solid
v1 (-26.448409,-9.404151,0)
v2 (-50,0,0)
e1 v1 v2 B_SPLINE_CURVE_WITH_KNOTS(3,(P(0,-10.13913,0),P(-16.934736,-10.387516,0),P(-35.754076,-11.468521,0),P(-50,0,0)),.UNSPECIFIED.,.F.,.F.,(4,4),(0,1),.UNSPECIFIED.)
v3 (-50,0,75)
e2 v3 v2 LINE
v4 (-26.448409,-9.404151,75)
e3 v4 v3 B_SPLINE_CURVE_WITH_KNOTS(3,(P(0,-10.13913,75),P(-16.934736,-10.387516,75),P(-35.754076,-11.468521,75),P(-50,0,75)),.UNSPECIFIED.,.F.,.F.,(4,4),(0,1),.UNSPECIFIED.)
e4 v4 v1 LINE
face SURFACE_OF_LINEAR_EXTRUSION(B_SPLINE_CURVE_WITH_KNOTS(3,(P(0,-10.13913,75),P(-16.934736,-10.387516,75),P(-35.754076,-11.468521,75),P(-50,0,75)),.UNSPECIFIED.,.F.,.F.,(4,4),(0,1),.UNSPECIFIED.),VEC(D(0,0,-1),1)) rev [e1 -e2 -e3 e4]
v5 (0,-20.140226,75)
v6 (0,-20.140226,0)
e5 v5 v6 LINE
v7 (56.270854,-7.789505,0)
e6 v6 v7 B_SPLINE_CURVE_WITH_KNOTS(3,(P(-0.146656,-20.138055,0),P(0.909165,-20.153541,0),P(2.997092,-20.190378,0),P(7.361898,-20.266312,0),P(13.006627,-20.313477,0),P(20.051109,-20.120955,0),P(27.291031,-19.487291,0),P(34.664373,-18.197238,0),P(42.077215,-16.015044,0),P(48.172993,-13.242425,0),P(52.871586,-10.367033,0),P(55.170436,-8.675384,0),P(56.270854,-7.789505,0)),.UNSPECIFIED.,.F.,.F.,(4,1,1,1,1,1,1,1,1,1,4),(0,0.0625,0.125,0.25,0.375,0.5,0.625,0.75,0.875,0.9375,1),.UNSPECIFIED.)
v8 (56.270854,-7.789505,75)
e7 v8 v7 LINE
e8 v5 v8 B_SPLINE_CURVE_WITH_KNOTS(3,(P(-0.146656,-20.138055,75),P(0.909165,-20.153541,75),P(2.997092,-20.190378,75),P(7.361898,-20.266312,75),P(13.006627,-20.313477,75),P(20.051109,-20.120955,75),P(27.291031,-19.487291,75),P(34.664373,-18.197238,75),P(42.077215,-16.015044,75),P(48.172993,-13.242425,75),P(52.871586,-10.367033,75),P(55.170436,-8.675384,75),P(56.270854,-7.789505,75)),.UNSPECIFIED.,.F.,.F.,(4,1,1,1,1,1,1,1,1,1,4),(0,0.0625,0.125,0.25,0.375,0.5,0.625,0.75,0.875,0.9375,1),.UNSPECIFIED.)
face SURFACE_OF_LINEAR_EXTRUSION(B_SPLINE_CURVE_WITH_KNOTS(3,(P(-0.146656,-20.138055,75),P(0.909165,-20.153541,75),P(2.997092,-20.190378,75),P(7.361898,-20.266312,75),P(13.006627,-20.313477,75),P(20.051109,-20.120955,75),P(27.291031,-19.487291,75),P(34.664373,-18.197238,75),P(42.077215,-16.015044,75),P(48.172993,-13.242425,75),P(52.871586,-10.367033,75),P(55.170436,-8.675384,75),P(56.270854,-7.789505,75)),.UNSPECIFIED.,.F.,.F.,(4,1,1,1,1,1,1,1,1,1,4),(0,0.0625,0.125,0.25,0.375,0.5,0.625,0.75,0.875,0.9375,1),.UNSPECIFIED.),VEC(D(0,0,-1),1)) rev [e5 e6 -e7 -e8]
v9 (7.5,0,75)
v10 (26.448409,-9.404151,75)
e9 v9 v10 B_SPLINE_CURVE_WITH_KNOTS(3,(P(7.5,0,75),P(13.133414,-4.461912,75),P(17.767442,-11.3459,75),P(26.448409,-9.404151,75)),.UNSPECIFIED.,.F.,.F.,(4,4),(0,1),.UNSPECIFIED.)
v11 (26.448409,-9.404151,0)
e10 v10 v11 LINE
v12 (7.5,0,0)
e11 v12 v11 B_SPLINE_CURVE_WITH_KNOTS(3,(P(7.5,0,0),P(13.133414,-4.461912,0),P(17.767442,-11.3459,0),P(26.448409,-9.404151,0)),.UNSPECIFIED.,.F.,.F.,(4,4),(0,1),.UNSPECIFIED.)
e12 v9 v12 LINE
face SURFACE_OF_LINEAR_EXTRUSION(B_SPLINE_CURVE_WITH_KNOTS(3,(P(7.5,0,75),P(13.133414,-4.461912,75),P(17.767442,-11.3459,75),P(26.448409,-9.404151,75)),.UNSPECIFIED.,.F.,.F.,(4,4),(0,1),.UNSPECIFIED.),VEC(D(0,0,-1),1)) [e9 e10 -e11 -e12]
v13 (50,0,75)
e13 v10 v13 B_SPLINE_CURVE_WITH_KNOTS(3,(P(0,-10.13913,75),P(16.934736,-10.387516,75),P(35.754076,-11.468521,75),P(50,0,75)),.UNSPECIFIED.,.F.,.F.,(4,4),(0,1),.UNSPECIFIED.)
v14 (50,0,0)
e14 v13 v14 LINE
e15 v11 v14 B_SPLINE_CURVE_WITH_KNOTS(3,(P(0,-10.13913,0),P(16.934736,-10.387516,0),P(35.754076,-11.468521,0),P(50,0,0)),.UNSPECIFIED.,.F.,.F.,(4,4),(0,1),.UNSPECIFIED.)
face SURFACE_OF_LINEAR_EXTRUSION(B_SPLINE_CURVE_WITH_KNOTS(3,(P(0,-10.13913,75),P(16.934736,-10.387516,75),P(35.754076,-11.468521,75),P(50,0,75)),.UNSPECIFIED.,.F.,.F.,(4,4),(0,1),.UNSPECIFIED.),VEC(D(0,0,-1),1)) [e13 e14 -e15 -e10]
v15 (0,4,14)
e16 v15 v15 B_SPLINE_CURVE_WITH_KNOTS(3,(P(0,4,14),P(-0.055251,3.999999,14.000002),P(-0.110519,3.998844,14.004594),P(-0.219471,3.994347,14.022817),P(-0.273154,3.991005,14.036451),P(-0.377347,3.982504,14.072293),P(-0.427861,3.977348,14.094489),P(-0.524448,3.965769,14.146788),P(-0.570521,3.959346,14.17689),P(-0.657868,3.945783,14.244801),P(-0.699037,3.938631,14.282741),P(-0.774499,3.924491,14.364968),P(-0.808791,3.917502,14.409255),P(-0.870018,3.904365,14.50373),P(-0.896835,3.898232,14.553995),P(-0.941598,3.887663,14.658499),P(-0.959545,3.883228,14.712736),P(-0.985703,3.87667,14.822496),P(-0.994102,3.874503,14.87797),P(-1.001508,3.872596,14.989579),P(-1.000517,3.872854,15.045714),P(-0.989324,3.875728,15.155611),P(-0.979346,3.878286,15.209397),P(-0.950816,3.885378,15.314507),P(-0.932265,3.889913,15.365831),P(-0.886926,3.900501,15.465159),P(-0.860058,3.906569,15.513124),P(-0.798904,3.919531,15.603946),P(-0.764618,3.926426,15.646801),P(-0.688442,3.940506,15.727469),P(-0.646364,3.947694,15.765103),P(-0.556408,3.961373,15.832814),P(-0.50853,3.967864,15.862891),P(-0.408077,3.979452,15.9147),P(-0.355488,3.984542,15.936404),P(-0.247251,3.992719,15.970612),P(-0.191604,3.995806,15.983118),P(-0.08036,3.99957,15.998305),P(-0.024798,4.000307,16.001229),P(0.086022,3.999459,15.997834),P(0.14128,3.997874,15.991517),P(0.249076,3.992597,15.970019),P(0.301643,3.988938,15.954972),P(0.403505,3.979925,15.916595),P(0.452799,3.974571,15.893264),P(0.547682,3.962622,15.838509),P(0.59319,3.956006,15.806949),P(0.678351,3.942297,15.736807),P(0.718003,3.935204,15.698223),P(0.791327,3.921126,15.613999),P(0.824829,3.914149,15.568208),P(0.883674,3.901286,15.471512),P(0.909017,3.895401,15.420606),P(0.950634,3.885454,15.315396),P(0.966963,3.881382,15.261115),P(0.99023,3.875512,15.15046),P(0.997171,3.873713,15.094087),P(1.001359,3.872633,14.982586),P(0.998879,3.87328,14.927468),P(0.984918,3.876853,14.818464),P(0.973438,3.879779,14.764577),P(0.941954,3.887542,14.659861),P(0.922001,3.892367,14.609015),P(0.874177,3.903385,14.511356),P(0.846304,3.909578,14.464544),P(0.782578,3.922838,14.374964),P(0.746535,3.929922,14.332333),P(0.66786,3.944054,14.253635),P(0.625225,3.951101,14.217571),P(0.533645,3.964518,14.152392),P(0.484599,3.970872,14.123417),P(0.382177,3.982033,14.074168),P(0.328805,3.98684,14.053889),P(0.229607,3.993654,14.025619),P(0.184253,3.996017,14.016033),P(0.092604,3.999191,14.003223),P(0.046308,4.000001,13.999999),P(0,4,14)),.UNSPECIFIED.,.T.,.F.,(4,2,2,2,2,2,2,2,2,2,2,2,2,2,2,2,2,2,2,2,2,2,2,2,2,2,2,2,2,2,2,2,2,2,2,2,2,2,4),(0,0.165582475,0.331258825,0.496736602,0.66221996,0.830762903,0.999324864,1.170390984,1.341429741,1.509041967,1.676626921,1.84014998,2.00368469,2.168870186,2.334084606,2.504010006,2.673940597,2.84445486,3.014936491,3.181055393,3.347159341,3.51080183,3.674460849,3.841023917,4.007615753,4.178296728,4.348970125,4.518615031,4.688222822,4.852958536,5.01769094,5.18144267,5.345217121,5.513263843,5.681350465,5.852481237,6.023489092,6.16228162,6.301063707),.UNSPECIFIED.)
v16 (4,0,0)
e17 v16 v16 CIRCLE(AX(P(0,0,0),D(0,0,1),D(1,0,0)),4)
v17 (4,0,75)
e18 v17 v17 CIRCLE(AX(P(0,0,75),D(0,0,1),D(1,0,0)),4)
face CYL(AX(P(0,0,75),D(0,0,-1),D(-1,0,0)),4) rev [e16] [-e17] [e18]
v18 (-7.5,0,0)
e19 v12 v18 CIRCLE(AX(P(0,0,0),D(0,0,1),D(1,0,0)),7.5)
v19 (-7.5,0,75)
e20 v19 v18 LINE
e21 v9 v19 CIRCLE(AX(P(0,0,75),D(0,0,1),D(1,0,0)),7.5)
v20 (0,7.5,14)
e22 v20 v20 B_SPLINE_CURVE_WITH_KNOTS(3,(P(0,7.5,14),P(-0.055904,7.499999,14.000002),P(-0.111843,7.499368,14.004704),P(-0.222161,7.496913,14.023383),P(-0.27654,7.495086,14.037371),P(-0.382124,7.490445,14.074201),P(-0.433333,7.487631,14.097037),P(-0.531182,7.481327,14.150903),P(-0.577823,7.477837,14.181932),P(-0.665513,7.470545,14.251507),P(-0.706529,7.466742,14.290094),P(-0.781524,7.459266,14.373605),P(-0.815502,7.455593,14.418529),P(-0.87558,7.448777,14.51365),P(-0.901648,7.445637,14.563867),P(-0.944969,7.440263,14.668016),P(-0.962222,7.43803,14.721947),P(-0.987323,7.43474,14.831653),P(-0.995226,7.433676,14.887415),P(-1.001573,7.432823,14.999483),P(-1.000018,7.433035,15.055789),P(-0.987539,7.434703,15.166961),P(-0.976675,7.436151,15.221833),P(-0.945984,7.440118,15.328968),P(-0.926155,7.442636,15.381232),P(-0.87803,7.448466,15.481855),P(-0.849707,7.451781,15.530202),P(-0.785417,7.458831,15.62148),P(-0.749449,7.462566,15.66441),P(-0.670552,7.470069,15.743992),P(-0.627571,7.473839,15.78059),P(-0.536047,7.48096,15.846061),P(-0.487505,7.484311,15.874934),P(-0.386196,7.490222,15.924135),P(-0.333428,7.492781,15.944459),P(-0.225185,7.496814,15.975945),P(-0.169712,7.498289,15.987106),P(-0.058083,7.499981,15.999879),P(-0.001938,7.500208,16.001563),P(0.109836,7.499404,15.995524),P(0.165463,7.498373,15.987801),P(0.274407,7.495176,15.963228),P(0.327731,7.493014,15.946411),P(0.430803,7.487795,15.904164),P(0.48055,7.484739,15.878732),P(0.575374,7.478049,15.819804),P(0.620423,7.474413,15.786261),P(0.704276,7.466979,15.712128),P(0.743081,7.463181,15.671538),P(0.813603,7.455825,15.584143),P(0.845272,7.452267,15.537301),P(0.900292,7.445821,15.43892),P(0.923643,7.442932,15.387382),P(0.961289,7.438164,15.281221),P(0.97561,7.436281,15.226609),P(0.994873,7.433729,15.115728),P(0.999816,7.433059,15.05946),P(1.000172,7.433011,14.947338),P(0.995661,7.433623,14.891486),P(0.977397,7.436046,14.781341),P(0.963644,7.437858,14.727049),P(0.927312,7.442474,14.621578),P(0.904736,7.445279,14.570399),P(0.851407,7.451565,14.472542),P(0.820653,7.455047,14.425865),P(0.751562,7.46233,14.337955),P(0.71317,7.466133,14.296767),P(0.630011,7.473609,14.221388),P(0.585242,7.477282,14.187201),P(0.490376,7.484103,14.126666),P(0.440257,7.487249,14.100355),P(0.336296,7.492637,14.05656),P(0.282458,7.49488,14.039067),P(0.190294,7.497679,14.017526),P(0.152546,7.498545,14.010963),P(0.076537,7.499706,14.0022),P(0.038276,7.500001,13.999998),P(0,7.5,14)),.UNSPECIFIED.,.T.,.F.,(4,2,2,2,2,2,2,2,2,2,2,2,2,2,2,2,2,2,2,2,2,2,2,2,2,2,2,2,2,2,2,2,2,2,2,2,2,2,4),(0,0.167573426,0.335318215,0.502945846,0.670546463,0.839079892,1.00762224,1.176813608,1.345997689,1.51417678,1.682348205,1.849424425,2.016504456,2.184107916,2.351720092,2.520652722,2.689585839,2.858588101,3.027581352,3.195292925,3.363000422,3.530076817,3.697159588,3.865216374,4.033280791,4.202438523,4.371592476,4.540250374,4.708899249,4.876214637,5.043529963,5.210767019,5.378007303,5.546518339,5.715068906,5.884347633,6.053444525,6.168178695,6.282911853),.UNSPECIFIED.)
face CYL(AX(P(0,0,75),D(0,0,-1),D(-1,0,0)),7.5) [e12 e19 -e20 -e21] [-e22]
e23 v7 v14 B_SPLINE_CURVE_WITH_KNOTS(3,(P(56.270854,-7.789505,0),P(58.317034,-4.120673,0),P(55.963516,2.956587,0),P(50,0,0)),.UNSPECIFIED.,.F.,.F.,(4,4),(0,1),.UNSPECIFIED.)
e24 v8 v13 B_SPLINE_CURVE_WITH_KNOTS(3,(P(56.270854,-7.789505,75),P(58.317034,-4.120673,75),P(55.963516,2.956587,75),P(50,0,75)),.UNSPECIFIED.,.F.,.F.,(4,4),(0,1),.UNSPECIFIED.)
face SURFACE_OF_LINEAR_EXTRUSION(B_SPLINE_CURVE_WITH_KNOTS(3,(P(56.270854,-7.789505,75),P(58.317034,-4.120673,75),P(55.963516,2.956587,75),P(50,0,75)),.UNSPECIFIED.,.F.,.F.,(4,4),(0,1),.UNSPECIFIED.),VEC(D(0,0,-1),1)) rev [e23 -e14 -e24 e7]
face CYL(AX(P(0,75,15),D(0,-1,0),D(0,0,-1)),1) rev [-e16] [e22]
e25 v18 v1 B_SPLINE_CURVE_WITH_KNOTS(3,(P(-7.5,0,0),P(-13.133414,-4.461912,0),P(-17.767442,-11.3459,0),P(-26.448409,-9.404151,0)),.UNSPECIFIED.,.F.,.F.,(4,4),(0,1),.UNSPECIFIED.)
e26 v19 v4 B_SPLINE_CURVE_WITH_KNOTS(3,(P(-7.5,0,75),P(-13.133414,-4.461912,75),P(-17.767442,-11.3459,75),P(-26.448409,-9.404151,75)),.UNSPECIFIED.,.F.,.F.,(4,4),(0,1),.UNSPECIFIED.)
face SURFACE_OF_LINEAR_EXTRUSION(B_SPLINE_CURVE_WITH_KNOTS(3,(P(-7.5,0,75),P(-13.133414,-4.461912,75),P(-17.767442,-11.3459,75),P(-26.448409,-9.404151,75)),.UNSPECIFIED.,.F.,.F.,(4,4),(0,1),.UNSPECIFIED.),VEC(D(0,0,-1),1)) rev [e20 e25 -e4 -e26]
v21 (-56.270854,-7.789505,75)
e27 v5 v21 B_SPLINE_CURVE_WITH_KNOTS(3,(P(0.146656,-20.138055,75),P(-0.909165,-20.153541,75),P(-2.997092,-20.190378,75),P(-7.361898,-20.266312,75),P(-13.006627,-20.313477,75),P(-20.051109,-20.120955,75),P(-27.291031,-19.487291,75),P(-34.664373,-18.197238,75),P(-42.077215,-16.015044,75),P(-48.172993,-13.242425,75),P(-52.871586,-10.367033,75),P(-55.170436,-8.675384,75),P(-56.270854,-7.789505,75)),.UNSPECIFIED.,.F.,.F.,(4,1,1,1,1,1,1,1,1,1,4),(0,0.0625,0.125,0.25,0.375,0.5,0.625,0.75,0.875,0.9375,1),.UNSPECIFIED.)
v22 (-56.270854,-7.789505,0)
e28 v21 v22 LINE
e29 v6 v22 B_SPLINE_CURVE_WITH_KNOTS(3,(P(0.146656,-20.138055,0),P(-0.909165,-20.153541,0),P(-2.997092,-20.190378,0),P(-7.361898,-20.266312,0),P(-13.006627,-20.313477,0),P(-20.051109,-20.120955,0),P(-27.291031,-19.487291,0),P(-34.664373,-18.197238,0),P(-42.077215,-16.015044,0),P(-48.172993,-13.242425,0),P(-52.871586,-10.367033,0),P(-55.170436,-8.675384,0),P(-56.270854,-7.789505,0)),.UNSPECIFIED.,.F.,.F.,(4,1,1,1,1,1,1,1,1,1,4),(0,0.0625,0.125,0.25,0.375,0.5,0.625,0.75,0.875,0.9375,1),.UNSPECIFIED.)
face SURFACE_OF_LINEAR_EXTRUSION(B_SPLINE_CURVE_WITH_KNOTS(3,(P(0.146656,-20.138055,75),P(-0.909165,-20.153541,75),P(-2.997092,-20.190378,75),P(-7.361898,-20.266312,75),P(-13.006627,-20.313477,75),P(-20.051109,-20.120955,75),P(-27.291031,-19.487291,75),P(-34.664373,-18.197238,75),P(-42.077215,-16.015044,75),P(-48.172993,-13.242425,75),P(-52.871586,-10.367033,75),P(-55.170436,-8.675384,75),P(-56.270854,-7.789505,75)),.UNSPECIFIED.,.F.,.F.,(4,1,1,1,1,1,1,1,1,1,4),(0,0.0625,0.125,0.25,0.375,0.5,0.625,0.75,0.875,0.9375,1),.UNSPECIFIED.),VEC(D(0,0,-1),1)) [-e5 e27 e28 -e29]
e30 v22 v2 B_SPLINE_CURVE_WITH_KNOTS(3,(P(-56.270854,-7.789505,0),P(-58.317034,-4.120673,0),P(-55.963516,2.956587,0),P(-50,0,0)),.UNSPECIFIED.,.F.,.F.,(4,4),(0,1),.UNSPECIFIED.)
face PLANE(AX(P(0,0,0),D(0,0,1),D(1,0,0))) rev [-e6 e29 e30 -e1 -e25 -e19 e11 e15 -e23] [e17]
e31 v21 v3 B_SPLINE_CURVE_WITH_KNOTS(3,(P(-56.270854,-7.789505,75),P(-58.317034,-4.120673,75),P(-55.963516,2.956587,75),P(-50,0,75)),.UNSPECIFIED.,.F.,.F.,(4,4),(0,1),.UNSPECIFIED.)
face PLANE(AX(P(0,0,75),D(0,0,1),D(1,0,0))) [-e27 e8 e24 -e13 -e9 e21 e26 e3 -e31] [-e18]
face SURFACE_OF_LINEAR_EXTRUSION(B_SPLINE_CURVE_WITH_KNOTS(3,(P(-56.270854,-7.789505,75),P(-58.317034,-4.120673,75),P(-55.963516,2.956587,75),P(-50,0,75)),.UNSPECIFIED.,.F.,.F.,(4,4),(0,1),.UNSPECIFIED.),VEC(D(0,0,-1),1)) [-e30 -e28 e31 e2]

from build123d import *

# Parameters (mm, degrees)
SKETCH1_R           = 4
BOSS_EXTRUDE1_DEPTH = 75
SKETCH2_R           = 1
CUT_EXTRUDE1_DEPTH  = 75


with BuildPart() as part:
    # Sketch1 → Boss-Extrude1 (new body)
    with BuildSketch(Plane.XY):
        with BuildLine():
            ThreePointArc((7.5, 0), (0, 7.5), (-7.5, 0))
            add(Edge.make_bspline(
                [(-7.5, 0), (-13.133413819, -4.461912435), (-17.767441975, -11.345900192), (-26.448408985, -9.404150694)],
                knots=[0, 0, 0, 0, 1, 1, 1, 1], degree=3))
            add(Edge.make_bspline(
                [(-26.448408985, -9.404150694), (-34.892519394, -8.241593996), (-42.998591866, -5.63640498), (-50, 0)],
                knots=[0.508532521, 0.508532521, 0.508532521, 0.508532521, 1, 1, 1, 1], degree=3))
            add(Edge.make_bspline(
                [(-56.270853764, -7.789505316), (-58.317034017, -4.120672935), (-55.963516082, 2.956586768), (-50, 0)],
                knots=[0, 0, 0, 0, 1, 1, 1, 1], degree=3))
            add(Edge.make_bspline(
                [(0, -20.140225697), (-1.00593636, -20.15524797), (-3.047640759, -20.191257315), (-7.361898098, -20.266311816), (-13.006626751, -20.313476944), (-20.051108834, -20.120955208), (-27.291030951, -19.487291375), (-34.664372738, -18.197237521), (-42.077214845, -16.015044344), (-48.172992704, -13.24242478), (-52.871586187, -10.367033149), (-55.170435724, -8.6753845), (-56.270853764, -7.789505316)],
                knots=[0.002895243, 0.002895243, 0.002895243, 0.002895243, 0.0625, 0.125, 0.25, 0.375, 0.5, 0.625, 0.75, 0.875, 0.9375, 1, 1, 1, 1], degree=3))
            add(Edge.make_bspline(
                [(0, -20.140225697), (1.00593636, -20.15524797), (3.047640759, -20.191257315), (7.361898098, -20.266311816), (13.006626751, -20.313476944), (20.051108834, -20.120955208), (27.291030951, -19.487291375), (34.664372738, -18.197237521), (42.077214845, -16.015044344), (48.172992704, -13.24242478), (52.871586187, -10.367033149), (55.170435724, -8.6753845), (56.270853764, -7.789505316)],
                knots=[0.002895243, 0.002895243, 0.002895243, 0.002895243, 0.0625, 0.125, 0.25, 0.375, 0.5, 0.625, 0.75, 0.875, 0.9375, 1, 1, 1, 1], degree=3))
            add(Edge.make_bspline(
                [(56.270853764, -7.789505316), (58.317034017, -4.120672935), (55.963516082, 2.956586768), (50, 0)],
                knots=[0, 0, 0, 0, 1, 1, 1, 1], degree=3))
            add(Edge.make_bspline(
                [(26.448408985, -9.404150694), (34.892519394, -8.241593996), (42.998591866, -5.63640498), (50, 0)],
                knots=[0.508532521, 0.508532521, 0.508532521, 0.508532521, 1, 1, 1, 1], degree=3))
            add(Edge.make_bspline(
                [(26.448408985, -9.404150694), (17.767441975, -11.345900192), (13.133413819, -4.461912435), (7.5, 0)],
                knots=[0.885469804, 0.885469804, 0.885469804, 0.885469804, 1.885469804, 1.885469804, 1.885469804, 1.885469804], degree=3))
        make_face()
        Circle(SKETCH1_R, mode=Mode.SUBTRACT)
    extrude(amount=BOSS_EXTRUDE1_DEPTH)

    # Sketch2 → Cut-Extrude1 (cut)
    with BuildSketch(Plane(origin=(0, 0, 0), x_dir=(1, 0, 0), z_dir=(0, 1, 0))):
        with Locations(Location((0, -15, 0), (0, 0, 90))):
            Circle(SKETCH2_R)
    extrude(amount=CUT_EXTRUDE1_DEPTH, mode=Mode.SUBTRACT)


solid = part.part
